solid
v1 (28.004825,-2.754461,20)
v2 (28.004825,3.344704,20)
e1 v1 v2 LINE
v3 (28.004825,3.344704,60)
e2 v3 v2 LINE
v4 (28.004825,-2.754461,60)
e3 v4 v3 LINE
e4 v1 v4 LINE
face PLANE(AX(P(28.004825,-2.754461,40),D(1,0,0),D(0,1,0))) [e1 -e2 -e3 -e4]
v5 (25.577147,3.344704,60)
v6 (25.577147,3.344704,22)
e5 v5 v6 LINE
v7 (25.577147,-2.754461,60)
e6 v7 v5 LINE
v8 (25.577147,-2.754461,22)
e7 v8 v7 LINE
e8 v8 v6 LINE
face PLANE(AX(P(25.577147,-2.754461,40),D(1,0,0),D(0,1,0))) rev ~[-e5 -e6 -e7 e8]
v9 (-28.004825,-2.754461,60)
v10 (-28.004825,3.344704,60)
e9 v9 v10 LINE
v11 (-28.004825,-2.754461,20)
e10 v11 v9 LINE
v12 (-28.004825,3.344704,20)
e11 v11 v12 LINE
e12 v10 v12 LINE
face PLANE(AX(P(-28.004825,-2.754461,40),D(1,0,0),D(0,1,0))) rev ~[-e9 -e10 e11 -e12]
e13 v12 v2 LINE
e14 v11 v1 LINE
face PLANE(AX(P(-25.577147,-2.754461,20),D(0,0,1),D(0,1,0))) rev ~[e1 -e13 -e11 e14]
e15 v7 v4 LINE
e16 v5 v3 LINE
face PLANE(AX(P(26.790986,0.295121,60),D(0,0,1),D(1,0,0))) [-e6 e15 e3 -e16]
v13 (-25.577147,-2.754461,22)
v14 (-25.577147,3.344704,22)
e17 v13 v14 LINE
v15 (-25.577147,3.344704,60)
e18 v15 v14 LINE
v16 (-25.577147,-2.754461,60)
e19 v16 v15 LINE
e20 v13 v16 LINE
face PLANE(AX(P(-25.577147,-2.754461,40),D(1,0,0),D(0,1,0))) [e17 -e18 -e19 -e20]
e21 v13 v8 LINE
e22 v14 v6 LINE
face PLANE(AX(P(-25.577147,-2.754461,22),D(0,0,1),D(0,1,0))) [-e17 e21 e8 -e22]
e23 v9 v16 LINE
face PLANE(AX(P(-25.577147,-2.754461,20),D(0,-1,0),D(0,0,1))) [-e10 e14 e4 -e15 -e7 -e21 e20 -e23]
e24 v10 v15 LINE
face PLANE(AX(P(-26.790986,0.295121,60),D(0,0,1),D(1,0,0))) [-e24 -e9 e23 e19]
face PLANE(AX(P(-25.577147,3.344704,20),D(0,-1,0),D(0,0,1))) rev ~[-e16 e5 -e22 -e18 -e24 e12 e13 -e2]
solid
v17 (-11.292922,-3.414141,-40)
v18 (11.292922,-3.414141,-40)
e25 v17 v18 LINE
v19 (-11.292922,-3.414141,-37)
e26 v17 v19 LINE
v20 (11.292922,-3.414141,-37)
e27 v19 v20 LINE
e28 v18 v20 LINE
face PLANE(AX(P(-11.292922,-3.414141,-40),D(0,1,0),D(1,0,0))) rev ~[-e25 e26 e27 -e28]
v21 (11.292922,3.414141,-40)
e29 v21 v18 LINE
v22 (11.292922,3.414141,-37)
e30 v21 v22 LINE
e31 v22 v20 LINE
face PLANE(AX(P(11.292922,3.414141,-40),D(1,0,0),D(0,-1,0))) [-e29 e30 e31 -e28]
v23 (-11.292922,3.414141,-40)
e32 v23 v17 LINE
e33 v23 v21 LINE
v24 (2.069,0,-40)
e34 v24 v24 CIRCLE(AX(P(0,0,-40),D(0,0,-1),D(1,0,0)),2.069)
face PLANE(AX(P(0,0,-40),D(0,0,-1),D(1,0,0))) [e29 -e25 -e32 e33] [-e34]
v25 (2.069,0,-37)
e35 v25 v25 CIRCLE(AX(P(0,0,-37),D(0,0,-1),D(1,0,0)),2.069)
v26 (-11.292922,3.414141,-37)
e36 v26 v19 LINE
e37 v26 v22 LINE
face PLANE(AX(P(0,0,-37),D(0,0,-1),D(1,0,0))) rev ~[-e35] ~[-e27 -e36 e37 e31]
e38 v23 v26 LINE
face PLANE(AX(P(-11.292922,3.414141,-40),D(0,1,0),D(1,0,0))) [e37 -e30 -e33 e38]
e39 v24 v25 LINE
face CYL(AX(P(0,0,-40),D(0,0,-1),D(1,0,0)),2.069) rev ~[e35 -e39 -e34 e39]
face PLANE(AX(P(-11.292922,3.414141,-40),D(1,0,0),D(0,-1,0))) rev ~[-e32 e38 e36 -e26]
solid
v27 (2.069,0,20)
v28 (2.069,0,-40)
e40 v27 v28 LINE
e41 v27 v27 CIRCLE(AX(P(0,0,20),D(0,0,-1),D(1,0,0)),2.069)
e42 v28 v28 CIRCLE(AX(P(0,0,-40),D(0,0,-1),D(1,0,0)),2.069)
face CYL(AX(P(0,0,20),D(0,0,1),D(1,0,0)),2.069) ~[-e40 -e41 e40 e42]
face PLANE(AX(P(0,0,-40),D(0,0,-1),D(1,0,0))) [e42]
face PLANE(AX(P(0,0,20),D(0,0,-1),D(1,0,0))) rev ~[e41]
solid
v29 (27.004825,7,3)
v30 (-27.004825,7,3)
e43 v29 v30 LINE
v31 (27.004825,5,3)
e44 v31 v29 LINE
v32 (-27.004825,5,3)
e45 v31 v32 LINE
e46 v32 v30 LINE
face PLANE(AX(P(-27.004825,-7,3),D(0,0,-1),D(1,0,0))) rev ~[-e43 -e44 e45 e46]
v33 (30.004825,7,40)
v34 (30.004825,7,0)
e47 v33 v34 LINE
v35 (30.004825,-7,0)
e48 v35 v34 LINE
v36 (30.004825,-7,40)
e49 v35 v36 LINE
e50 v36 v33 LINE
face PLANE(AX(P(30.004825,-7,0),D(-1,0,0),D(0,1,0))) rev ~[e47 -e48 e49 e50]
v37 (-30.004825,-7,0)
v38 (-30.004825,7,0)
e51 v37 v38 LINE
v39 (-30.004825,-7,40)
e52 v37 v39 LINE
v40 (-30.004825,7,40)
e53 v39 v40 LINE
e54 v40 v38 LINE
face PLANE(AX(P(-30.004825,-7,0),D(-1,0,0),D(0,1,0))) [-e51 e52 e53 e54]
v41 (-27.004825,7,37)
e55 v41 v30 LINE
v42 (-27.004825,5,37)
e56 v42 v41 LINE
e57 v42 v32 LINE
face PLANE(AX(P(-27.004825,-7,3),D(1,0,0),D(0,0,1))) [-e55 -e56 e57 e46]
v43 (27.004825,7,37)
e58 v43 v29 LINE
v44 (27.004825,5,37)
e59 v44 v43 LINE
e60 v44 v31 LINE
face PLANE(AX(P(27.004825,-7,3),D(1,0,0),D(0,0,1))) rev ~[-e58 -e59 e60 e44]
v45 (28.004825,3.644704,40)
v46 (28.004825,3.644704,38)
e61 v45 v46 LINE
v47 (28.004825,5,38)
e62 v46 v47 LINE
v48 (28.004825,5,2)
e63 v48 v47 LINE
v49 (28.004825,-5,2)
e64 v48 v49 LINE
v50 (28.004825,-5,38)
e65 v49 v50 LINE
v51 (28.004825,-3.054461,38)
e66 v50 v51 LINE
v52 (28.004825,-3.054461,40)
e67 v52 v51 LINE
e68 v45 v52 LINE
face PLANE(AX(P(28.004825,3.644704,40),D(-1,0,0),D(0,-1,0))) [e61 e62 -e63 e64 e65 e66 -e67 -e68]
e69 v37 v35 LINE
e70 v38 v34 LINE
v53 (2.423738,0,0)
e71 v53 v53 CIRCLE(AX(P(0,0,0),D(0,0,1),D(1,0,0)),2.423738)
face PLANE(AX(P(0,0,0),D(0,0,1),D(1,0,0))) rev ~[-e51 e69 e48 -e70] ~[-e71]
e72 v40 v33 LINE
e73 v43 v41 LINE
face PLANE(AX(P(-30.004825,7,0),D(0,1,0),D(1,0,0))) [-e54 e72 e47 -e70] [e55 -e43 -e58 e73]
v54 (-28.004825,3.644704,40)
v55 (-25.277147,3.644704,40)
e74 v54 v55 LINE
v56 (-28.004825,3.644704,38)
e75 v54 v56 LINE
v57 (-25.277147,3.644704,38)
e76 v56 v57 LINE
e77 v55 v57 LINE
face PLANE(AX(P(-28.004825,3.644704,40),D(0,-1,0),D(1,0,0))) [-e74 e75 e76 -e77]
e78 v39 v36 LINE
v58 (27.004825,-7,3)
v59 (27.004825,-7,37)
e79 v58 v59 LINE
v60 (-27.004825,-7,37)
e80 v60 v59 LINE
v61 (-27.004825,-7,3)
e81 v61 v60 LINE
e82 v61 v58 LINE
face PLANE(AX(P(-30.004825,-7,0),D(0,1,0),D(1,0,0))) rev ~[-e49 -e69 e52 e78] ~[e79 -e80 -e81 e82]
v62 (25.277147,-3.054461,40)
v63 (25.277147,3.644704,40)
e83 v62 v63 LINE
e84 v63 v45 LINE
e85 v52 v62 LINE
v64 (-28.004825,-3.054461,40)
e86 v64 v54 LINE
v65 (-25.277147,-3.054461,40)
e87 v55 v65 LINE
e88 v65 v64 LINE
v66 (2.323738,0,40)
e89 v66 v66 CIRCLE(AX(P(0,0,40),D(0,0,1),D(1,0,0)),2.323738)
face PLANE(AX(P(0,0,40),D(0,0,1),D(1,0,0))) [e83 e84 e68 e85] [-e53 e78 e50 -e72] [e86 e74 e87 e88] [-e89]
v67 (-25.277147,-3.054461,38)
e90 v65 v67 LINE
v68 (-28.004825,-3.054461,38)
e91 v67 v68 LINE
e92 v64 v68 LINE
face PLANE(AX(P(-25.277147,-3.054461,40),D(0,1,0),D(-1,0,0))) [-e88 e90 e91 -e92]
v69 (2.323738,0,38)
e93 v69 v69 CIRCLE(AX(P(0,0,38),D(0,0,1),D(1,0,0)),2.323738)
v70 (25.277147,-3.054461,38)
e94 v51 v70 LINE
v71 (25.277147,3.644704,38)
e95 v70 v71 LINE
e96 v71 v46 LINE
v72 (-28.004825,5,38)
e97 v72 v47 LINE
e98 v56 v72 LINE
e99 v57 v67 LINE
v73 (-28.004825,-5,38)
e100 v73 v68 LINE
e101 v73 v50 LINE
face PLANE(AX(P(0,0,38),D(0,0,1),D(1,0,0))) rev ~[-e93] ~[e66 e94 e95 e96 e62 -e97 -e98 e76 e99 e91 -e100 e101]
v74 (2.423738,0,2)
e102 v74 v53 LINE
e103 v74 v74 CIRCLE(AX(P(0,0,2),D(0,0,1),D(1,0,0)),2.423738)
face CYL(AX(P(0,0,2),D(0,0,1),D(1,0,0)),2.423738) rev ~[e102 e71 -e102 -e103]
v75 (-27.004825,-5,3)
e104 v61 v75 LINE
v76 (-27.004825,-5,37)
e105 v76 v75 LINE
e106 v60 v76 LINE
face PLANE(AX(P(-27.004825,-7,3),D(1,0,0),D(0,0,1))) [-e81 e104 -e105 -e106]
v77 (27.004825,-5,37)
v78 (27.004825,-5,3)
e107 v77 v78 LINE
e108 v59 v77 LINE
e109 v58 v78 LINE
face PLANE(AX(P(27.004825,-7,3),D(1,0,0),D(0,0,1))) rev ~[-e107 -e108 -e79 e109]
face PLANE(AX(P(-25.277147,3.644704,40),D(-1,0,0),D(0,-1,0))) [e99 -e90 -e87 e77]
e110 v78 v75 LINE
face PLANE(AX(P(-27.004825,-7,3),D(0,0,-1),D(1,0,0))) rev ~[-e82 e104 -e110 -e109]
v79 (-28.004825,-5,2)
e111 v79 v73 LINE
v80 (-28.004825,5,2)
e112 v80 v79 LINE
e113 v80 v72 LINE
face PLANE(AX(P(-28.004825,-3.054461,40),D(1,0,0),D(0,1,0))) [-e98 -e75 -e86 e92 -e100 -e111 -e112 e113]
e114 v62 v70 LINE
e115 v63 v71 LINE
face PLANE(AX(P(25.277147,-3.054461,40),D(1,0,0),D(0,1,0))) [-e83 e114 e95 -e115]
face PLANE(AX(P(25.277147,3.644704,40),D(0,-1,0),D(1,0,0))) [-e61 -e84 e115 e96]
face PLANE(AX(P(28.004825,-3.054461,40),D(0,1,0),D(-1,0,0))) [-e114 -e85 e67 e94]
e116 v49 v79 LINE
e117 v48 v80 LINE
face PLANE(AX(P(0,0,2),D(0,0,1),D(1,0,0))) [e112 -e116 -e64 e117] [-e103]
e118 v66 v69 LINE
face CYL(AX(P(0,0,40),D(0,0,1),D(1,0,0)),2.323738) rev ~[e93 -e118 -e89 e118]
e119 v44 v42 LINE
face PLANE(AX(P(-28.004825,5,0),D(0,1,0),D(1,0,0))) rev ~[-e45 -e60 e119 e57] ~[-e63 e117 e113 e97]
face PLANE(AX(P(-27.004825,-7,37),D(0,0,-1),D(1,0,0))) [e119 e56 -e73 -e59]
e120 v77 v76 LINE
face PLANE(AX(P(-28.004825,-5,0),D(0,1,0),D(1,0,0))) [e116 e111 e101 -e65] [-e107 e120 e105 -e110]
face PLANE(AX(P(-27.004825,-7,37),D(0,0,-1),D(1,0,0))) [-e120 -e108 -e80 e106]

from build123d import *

# Parameters (mm, degrees)
F0_W      = 60.0096508861
F0_H      = 14
F0_W_2    = 56.0096508861
F0_H_2    = 10
F0_W_3    = 54.0096508861
F0_H_3    = 8
F0_W_4    = 17.1252988726
F0_H_4    = 5
F1_DEPTH  = 2
F2_DEPTH  = 40
F3_W      = 54.0096508861
F3_H      = 34
F4_DEPTH  = 25
F5_W      = 22.0086090267
F5_H      = 9.8841609433
F5_W_2    = 17.1252988726
F5_H_2    = 5
F5_R      = 2.4237379835
F6_DEPTH  = 2
F7_W      = 60.0096508861
F7_H      = 14
F7_R      = 2.3237379835
F8_DEPTH  = 2
F7_W_2    = 2.4276788831
F7_H_2    = 6.0991658829
F9_DEPTH  = 20
F10_W     = 6.0991658829
F10_H     = 2
F11_DEPTH = 51.1542931199
F12_R     = 2.069
F13_DEPTH = 60
F14_W     = 22.5858446211
F14_H     = 6.8282815628
F14_R     = 2.069
F15_DEPTH = 3


with BuildPart() as f1:
    # F0 (on Top) → F1 (new body)
    with BuildSketch(Plane.XY):
        Rectangle(F0_W, F0_H)
        Rectangle(F0_W_2, F0_H_2, mode=Mode.SUBTRACT)
        Rectangle(F0_W_2, F0_H_2)
        Rectangle(F0_W_3, F0_H_3, mode=Mode.SUBTRACT)
        Rectangle(F0_W_3, F0_H_3)
        Rectangle(F0_W_4, F0_H_4, mode=Mode.SUBTRACT)
    extrude(amount=F1_DEPTH)

    # F0 (on Top) → F2 (join)
    with BuildSketch(Plane.XY):
        Rectangle(F0_W, F0_H)
        Rectangle(F0_W_2, F0_H_2, mode=Mode.SUBTRACT)
    extrude(amount=F2_DEPTH)

    # F3 (on face) → F4 (cut)
    with BuildSketch(Plane.XZ.offset(7)):
        with Locations((0, 20)):
            Rectangle(F3_W, F3_H)
    extrude(amount=-F4_DEPTH, mode=Mode.SUBTRACT)

    # F5 (on face) → F6 (join)
    with BuildSketch(Plane.XY.offset(2)):
        Rectangle(F5_W, F5_H)
        Rectangle(F5_W_2, F5_H_2, mode=Mode.SUBTRACT)
        Rectangle(F5_W_2, F5_H_2)
        Circle(F5_R, mode=Mode.SUBTRACT)
    extrude(amount=-F6_DEPTH)

    # F7 (on face) → F8 (join)
    with BuildSketch(Plane.XY.offset(40)):
        Rectangle(F7_W, F7_H)
        Polygon((28.004825443, 3.644704397), (28.004825443, 3.344704397), (28.004825443, -2.7544614859), (28.004825443, -3.0544614859), (28.004825443, -5), (-28.004825443, -5), (-28.004825443, -3.0544614859), (-28.004825443, -2.7544614859), (-28.004825443, 3.344704397), (-28.004825443, 3.644704397), (-28.004825443, 5), (28.004825443, 5), align=None, mode=Mode.SUBTRACT)
        Polygon((25.27714656, 3.644704397), (28.004825443, 3.644704397), (28.004825443, 5), (-28.004825443, 5), (-28.004825443, 3.644704397), (-25.27714656, 3.644704397), (-25.27714656, -3.0544614859), (-28.004825443, -3.0544614859), (-28.004825443, -5), (28.004825443, -5), (28.004825443, -3.0544614859), (25.27714656, -3.0544614859), align=None)
        Circle(F7_R, mode=Mode.SUBTRACT)
    extrude(amount=-F8_DEPTH)


with BuildPart() as f9:
    # F7 (on face) → F9 (new body, symmetric)
    with BuildSketch(Plane.XY.offset(40)):
        with Locations((26.7909860015, 0.2951214556)):
            Rectangle(F7_W_2, F7_H_2)
    extrude(amount=F9_DEPTH, both=True)



with BuildPart() as f9b:
    # F7 (on face) → F9, piece 2 (new body, symmetric)
    with BuildSketch(Plane.XY.offset(40)):
        with Locations((-26.7909860015, 0.2951214556)):
            Rectangle(F7_W_2, F7_H_2)
    extrude(amount=F9_DEPTH, both=True)


with BuildPart() as f9_1:
    add(f9.part)

    add(f9b.part)  # F11 merges F9b
    # F10 (on face) → F11 (join, through all)
    with BuildSketch(Plane.YZ.offset(-25.57714656)):
        with Locations((0.2951214556, 21)):
            Rectangle(F10_W, F10_H)
    extrude(amount=F11_DEPTH)


with BuildPart() as f13:
    # F12 (on face) → F13 (new body)
    with BuildSketch(Plane(origin=(0, 0, 20), x_dir=(1, 0, 0), z_dir=(0, 0, -1))):
        Circle(F12_R)
    extrude(amount=F13_DEPTH)


with BuildPart() as f15:
    # F14 (on face) → F15 (new body)
    with BuildSketch(Plane(origin=(0, 0, -40), x_dir=(1, 0, 0), z_dir=(0, 0, -1))):
        Rectangle(F14_W, F14_H)
        Circle(F14_R, mode=Mode.SUBTRACT)
    extrude(amount=-F15_DEPTH)


solid = Compound([f1.part, f9_1.part, f13.part, f15.part])
